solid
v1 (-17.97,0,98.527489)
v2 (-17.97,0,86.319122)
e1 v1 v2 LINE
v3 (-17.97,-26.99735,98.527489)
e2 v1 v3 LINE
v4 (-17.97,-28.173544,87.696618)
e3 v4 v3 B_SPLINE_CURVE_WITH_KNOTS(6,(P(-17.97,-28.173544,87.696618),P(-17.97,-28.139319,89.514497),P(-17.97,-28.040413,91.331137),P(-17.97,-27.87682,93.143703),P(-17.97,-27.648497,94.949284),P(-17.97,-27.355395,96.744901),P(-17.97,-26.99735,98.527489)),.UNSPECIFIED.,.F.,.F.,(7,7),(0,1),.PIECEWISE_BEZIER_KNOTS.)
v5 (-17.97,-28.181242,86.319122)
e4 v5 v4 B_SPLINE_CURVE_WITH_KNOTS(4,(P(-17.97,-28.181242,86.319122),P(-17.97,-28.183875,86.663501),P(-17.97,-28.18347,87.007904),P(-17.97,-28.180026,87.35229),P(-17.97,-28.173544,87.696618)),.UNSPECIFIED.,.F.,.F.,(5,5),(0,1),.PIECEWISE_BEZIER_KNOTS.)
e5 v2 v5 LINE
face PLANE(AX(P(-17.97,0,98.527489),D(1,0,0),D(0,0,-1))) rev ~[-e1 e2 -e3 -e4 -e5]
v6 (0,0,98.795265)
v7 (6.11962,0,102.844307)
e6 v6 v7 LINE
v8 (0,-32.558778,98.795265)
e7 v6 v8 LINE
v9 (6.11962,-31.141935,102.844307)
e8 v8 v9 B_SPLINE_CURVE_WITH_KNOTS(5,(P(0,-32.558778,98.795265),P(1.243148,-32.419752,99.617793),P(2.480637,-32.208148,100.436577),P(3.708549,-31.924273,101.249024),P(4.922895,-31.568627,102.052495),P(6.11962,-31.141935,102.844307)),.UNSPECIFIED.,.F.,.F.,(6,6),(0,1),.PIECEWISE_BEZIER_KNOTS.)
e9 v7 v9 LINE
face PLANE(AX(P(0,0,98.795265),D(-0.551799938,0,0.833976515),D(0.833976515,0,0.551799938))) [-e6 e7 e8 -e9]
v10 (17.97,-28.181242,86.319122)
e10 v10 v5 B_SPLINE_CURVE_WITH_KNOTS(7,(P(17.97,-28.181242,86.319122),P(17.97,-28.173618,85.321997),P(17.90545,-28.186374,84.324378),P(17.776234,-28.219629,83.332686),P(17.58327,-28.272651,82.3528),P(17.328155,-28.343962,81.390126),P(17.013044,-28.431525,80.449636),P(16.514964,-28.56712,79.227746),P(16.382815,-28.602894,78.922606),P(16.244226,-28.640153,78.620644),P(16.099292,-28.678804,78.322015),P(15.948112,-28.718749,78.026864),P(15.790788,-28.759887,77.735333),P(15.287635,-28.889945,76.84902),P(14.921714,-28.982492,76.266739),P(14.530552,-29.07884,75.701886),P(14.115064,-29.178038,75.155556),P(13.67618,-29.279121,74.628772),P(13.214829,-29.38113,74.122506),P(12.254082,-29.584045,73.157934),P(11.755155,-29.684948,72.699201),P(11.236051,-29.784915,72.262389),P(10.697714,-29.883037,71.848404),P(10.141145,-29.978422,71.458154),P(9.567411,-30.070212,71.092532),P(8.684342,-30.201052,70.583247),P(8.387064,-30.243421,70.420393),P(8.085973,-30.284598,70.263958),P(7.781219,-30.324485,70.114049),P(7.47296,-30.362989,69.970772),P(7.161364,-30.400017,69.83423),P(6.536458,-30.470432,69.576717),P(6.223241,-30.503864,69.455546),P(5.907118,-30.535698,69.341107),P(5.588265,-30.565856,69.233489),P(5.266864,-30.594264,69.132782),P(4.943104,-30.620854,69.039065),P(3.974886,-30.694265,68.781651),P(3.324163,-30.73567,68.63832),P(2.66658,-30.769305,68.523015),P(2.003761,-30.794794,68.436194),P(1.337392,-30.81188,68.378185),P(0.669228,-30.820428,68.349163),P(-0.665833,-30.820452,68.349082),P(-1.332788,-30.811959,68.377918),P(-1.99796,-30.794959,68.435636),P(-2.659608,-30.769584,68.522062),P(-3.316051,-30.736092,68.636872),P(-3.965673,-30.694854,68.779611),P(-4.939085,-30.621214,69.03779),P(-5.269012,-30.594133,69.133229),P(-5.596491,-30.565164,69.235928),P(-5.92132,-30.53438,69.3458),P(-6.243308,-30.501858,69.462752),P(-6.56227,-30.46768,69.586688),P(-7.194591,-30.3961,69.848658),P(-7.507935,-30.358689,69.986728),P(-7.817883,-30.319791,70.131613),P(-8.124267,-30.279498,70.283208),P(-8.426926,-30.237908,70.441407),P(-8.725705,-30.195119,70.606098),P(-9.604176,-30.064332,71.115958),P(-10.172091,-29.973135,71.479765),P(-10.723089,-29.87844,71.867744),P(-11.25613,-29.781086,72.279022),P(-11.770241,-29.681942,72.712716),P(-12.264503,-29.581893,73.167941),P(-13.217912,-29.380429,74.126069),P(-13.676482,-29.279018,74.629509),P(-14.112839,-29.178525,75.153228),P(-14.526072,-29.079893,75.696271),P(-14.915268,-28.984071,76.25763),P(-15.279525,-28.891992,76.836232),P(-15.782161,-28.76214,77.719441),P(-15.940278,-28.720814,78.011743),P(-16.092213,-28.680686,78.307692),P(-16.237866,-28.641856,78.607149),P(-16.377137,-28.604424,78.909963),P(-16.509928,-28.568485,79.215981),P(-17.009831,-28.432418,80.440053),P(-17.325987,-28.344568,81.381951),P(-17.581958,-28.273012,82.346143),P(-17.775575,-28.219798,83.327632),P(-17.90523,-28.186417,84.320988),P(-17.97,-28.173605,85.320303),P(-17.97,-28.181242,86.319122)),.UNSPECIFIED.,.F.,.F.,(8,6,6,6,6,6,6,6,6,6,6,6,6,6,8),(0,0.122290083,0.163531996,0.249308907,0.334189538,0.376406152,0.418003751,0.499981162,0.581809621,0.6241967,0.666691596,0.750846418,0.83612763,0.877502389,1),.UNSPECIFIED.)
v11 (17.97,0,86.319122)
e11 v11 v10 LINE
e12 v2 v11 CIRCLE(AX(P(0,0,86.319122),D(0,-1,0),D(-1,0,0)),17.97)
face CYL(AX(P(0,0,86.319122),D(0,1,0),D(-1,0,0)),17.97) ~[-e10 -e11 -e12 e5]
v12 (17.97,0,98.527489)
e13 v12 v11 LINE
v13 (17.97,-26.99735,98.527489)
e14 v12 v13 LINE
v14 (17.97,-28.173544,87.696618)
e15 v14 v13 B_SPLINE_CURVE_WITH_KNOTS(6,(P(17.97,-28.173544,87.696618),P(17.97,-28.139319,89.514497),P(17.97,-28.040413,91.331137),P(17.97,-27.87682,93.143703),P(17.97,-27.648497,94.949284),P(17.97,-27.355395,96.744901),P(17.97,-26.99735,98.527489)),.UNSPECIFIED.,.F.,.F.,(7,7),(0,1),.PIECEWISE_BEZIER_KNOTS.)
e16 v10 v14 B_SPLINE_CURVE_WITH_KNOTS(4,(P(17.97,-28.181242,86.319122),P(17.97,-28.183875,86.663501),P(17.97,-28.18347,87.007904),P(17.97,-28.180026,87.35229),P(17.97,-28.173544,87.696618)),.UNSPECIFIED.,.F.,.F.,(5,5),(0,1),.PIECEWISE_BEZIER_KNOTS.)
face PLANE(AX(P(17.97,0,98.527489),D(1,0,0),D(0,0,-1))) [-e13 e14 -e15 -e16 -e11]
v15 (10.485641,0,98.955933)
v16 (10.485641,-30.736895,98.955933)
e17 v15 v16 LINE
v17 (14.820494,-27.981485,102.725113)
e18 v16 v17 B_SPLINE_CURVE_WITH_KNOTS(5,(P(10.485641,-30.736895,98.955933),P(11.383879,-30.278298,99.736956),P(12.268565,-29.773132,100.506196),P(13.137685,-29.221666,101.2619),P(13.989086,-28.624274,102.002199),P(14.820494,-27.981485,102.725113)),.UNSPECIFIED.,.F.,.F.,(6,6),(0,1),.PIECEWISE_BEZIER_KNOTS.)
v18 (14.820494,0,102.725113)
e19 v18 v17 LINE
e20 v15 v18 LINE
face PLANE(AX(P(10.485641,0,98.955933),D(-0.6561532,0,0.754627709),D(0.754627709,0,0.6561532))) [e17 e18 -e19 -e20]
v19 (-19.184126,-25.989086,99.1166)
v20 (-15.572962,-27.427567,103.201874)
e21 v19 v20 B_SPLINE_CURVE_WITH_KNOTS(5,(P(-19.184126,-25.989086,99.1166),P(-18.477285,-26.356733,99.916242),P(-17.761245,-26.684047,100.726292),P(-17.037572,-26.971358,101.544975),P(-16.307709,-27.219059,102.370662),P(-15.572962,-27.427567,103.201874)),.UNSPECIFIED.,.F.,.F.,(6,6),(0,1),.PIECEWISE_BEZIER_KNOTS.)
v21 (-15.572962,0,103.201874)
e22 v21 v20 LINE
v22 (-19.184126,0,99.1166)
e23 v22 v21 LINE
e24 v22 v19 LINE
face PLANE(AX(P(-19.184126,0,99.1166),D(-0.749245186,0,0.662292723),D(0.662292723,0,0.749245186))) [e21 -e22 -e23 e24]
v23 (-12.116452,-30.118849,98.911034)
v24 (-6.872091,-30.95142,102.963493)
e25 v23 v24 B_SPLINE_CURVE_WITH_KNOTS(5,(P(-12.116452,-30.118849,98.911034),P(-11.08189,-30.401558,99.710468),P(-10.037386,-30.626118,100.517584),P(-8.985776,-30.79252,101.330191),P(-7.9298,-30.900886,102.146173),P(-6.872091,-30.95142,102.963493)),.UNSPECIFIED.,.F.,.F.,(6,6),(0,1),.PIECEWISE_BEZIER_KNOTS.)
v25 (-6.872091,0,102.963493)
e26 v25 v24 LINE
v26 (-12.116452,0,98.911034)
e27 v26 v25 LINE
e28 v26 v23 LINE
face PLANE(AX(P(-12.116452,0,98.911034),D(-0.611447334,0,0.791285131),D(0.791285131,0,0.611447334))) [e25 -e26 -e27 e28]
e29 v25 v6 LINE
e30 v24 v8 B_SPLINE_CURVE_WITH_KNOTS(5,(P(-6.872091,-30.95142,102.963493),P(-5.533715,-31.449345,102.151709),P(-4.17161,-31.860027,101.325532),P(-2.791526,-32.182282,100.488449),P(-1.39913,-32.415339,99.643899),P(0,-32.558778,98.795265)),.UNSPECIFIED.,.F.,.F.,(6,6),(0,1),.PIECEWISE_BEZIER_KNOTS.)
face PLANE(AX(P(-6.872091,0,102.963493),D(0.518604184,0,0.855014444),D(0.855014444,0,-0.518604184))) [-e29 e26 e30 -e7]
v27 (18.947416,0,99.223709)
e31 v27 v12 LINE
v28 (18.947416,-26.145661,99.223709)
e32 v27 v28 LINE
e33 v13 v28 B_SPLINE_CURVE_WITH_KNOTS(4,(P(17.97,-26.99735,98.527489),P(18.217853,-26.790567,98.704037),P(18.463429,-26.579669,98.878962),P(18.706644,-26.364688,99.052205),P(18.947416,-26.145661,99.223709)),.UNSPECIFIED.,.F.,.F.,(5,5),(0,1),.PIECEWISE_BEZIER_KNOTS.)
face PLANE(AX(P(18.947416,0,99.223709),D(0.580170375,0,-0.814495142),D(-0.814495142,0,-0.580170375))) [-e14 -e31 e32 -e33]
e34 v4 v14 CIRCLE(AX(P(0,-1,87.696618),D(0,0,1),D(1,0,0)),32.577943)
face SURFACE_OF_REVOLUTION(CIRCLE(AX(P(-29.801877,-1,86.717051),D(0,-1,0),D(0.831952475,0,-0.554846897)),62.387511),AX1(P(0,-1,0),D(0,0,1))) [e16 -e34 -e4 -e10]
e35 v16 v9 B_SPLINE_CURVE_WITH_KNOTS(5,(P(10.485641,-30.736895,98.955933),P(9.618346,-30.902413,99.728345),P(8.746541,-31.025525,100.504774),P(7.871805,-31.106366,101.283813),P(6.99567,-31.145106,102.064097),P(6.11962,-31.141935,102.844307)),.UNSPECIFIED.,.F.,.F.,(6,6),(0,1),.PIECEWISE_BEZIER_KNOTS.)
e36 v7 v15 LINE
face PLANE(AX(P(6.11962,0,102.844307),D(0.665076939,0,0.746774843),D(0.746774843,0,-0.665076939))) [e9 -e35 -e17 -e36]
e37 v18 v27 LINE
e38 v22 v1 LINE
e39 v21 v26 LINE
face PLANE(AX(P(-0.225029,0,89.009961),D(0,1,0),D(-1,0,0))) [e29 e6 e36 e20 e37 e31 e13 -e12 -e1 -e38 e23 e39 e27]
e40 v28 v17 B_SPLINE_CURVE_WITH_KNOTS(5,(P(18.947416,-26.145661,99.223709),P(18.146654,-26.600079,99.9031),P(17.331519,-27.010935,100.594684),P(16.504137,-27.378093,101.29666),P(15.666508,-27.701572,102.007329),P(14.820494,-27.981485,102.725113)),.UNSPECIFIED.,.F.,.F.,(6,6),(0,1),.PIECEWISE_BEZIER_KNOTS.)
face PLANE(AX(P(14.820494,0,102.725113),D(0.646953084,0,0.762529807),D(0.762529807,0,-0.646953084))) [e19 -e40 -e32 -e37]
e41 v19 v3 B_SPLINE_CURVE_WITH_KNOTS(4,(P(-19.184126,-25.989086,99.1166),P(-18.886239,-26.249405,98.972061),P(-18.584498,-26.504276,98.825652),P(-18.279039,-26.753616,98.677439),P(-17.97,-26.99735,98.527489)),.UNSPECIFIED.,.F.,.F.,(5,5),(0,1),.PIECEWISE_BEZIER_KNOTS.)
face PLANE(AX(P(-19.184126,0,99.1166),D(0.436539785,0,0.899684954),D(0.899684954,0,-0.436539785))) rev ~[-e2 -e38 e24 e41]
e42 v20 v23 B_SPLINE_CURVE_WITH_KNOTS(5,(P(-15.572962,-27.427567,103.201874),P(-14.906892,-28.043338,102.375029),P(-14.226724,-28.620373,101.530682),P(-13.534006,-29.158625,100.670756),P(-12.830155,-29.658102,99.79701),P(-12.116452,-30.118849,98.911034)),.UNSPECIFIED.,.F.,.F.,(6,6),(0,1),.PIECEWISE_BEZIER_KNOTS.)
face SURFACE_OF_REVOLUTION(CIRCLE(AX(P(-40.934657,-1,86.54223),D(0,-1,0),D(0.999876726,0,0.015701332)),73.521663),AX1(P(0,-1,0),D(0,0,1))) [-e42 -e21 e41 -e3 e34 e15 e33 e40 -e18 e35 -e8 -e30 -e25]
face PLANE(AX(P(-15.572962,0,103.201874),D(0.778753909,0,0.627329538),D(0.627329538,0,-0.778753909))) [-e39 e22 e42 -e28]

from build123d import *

# Parameters (mm, degrees)
EXTRUDE001_DEPTH = 100


with BuildPart() as body002:
    # Sketch → Revolution (revolve)
    with BuildSketch(Plane.XZ):
        with BuildLine():
            Line((0, 0), (0, 135.563389))
            ThreePointArc((23.86226, 121.281178), (13.904936, 131.720055), (0, 135.563389))
            ThreePointArc((32.577943, 87.696618), (30.229669, 105.01041), (23.86226, 121.281178))
            ThreePointArc((22.101567, 52.101534), (30.047255, 69.102202), (32.577943, 87.696618))
            ThreePointArc((22.101567, 52.101534), (13.488015, 26.476163), (18.952965, 0))
            Line((0, 0), (18.952965, 0))
        make_face()
    revolve(axis=Axis((0, 0, 0), (0, 0, 1)))


with BuildPart() as body002_1:
    # Clone001 placement: moved
    add(body002.part.moved(Location((0, -1, 0))))


with BuildPart() as common001:
    # Sketch014 → Extrude001 (new body)
    with BuildSketch(Plane.XZ):
        with BuildLine():
            Line((-19.184126, 99.1166), (-15.572962, 103.201874))
            Line((-15.572962, 103.201874), (-12.116452, 98.911034))
            Line((-12.116452, 98.911034), (-6.872091, 102.963493))
            Line((-6.872091, 102.963493), (0, 98.795265))
            Line((0, 98.795265), (6.11962, 102.844307))
            Line((6.11962, 102.844307), (10.485641, 98.955933))
            Line((10.485641, 98.955933), (14.820494, 102.725113))
            Line((14.820494, 102.725113), (18.947416, 99.223709))
            Line((18.947416, 99.223709), (17.97, 98.527489))
            Line((17.97, 98.527489), (17.97, 86.319122))
            ThreePointArc((-17.97, 86.319122), (0, 68.349122), (17.97, 86.319122))
            Line((-17.97, 98.527489), (-17.97, 86.319122))
            Line((-19.184126, 99.1166), (-17.97, 98.527489))
        make_face()
    extrude(amount=EXTRUDE001_DEPTH)

    # Common001: intersect Body002
    add(body002_1.part, mode=Mode.INTERSECT)


solid = common001.part
